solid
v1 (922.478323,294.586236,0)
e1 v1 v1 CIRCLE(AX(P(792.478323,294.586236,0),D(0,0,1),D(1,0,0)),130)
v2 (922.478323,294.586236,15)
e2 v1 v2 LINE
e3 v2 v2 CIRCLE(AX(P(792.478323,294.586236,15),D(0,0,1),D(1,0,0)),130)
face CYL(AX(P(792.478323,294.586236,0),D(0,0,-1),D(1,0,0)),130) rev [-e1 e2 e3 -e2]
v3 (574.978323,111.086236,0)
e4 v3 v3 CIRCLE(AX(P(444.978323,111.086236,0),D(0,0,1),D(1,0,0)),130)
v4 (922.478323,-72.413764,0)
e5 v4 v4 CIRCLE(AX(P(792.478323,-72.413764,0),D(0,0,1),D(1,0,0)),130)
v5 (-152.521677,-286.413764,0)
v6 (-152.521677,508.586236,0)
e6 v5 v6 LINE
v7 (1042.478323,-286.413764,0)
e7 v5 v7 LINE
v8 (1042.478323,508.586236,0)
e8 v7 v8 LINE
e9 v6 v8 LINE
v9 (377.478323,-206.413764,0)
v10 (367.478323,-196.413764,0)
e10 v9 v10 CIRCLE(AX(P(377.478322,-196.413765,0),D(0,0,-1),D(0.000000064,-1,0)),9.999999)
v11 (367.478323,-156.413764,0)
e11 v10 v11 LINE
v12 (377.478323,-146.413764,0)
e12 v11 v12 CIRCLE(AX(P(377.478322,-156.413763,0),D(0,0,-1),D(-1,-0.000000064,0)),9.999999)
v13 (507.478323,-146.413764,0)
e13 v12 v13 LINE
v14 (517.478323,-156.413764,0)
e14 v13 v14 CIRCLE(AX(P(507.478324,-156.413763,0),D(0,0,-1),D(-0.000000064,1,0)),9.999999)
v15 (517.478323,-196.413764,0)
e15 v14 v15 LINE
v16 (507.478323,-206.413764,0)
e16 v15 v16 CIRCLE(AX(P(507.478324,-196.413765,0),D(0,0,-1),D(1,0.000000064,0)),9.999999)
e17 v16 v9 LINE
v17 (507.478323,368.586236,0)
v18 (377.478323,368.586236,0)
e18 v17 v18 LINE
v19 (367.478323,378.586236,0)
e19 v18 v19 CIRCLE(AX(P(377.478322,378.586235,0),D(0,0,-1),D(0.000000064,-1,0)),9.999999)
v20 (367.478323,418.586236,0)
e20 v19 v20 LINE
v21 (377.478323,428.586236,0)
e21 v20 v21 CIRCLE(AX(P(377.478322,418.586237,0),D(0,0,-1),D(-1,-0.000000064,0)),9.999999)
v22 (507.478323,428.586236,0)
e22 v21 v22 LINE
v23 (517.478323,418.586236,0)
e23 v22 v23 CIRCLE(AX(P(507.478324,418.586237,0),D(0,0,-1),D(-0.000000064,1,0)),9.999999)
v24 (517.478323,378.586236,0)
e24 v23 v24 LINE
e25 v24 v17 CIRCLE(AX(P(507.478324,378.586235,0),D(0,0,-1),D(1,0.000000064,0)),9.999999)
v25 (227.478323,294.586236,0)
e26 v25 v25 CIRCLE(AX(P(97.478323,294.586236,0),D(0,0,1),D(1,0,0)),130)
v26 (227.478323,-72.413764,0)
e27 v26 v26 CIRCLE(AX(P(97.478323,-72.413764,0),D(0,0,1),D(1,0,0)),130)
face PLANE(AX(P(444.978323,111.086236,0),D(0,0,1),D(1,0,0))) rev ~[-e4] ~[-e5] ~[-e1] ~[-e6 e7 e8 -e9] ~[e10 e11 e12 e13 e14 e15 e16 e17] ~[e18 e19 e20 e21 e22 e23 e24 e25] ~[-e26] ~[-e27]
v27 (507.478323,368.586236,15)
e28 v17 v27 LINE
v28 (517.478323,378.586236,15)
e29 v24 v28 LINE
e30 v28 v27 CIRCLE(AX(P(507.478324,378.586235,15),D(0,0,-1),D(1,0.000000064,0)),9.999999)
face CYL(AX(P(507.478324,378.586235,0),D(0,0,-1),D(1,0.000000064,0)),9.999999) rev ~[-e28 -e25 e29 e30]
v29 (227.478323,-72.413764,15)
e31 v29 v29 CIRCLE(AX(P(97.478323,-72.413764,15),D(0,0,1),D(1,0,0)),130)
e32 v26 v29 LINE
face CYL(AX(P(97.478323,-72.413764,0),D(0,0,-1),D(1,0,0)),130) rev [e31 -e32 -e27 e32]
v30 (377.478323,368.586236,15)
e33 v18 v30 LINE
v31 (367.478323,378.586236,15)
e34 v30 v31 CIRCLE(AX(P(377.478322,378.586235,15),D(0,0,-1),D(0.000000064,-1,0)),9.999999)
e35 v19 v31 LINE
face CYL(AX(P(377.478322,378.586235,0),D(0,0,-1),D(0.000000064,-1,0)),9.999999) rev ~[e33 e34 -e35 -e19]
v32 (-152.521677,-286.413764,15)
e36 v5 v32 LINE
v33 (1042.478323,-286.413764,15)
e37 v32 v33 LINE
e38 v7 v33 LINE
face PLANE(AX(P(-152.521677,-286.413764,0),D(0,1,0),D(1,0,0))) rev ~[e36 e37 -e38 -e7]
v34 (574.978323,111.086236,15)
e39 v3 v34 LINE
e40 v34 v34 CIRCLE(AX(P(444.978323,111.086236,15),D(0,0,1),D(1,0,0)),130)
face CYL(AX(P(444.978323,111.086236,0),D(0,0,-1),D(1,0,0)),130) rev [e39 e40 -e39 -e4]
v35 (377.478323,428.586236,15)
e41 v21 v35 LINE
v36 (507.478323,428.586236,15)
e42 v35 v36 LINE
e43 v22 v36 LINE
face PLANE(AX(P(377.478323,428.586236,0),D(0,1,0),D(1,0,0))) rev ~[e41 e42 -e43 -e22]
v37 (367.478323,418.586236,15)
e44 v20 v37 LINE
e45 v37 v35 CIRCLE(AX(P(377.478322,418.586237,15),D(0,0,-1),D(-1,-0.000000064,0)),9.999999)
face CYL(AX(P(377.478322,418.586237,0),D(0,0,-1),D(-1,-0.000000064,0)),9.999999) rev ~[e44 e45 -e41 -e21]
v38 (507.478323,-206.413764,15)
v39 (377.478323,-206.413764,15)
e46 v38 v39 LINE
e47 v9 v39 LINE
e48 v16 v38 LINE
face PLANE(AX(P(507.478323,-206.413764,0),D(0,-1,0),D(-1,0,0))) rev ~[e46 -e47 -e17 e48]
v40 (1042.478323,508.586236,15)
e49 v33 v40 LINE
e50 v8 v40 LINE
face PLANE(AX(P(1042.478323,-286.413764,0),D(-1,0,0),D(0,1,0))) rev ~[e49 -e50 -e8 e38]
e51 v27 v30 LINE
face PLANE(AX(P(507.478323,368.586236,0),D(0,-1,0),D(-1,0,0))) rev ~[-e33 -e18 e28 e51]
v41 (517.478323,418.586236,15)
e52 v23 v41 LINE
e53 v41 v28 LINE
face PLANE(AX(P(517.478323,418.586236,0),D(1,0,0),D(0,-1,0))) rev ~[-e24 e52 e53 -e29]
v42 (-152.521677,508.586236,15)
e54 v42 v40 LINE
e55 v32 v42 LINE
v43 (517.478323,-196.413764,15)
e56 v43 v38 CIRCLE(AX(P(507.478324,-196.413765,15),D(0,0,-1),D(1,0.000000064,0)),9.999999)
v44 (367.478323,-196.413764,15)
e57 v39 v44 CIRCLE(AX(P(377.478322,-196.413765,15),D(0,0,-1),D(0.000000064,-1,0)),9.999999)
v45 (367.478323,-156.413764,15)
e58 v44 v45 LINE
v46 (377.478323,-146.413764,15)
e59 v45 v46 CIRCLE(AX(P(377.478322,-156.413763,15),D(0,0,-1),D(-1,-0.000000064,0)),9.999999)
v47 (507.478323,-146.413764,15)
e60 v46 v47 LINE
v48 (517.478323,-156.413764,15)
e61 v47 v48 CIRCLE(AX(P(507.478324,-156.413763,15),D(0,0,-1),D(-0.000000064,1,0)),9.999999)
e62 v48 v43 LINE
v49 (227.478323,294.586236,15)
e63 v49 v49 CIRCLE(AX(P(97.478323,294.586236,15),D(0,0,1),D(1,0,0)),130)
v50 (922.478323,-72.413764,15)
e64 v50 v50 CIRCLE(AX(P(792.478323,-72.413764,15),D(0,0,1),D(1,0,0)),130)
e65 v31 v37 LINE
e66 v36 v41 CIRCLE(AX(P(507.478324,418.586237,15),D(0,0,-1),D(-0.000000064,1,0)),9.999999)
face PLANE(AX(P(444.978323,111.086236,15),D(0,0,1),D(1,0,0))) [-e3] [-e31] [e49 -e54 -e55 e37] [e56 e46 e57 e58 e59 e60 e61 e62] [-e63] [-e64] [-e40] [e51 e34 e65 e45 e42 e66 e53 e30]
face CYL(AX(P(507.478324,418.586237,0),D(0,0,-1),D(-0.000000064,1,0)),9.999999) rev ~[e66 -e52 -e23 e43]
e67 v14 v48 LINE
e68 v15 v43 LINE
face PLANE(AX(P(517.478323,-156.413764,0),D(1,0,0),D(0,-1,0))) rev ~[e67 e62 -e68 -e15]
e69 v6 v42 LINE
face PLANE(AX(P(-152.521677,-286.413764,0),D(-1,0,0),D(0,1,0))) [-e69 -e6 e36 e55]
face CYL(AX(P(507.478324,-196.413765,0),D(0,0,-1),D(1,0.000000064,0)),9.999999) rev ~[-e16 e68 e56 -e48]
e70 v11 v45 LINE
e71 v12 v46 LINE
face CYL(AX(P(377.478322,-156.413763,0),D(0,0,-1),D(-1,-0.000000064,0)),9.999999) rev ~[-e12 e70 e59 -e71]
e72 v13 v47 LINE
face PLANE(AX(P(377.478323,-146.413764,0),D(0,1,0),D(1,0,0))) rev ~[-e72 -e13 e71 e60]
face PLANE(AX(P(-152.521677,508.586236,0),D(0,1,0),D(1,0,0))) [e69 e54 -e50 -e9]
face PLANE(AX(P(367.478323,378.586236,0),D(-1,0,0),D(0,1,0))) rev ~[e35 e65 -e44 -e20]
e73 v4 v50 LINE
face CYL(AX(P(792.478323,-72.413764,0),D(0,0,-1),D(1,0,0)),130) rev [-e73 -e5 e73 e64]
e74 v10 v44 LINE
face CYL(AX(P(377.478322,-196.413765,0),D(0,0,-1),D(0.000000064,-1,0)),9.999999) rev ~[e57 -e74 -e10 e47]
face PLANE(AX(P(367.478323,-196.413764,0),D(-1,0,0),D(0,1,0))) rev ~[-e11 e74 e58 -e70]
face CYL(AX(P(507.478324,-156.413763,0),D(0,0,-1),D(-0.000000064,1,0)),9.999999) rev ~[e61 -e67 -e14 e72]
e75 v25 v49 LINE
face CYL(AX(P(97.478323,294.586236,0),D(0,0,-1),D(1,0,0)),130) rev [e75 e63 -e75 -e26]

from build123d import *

# Parameters (mm, degrees)
F0_W     = 1195
F0_H     = 795
F0_R     = 130
F1_DEPTH = 15


with BuildPart() as f1:
    # F0 (on Top) → F1 (new body)
    with BuildSketch(Plane.XY):
        with Locations((444.978323, 111.086236)):
            Rectangle(F0_W, F0_H)
        with BuildLine():
            ThreePointArc((367.478323, -156.413764), (370.407255, -149.342696), (377.478323, -146.413764))
            Line((377.478323, -146.413764), (507.478323, -146.413764))
            ThreePointArc((507.478323, -146.413764), (514.549391, -149.342696), (517.478323, -156.413764))
            Line((517.478323, -156.413764), (517.478323, -196.413764))
            ThreePointArc((517.478323, -196.413764), (514.549391, -203.484832), (507.478323, -206.413764))
            Line((507.478323, -206.413764), (377.478323, -206.413764))
            ThreePointArc((377.478323, -206.413764), (370.407255, -203.484832), (367.478323, -196.413764))
            Line((367.478323, -196.413764), (367.478323, -156.413764))
        make_face(mode=Mode.SUBTRACT)
        with Locations((97.478323, -72.413764)):
            Circle(F0_R, mode=Mode.SUBTRACT)
        with Locations((444.978323, 111.086236)):
            Circle(F0_R, mode=Mode.SUBTRACT)
        with Locations((792.478323, -72.413764)):
            Circle(F0_R, mode=Mode.SUBTRACT)
        with Locations((97.478323, 294.586236)):
            Circle(F0_R, mode=Mode.SUBTRACT)
        with BuildLine():
            ThreePointArc((367.478323, 418.586236), (370.407255, 425.657304), (377.478323, 428.586236))
            Line((377.478323, 428.586236), (507.478323, 428.586236))
            ThreePointArc((507.478323, 428.586236), (514.549391, 425.657304), (517.478323, 418.586236))
            Line((517.478323, 418.586236), (517.478323, 378.586236))
            ThreePointArc((517.478323, 378.586236), (514.549391, 371.515168), (507.478323, 368.586236))
            Line((507.478323, 368.586236), (377.478323, 368.586236))
            ThreePointArc((377.478323, 368.586236), (370.407255, 371.515168), (367.478323, 378.586236))
            Line((367.478323, 378.586236), (367.478323, 418.586236))
        make_face(mode=Mode.SUBTRACT)
        with Locations((792.478323, 294.586236)):
            Circle(F0_R, mode=Mode.SUBTRACT)
    extrude(amount=F1_DEPTH)


solid = f1.part
